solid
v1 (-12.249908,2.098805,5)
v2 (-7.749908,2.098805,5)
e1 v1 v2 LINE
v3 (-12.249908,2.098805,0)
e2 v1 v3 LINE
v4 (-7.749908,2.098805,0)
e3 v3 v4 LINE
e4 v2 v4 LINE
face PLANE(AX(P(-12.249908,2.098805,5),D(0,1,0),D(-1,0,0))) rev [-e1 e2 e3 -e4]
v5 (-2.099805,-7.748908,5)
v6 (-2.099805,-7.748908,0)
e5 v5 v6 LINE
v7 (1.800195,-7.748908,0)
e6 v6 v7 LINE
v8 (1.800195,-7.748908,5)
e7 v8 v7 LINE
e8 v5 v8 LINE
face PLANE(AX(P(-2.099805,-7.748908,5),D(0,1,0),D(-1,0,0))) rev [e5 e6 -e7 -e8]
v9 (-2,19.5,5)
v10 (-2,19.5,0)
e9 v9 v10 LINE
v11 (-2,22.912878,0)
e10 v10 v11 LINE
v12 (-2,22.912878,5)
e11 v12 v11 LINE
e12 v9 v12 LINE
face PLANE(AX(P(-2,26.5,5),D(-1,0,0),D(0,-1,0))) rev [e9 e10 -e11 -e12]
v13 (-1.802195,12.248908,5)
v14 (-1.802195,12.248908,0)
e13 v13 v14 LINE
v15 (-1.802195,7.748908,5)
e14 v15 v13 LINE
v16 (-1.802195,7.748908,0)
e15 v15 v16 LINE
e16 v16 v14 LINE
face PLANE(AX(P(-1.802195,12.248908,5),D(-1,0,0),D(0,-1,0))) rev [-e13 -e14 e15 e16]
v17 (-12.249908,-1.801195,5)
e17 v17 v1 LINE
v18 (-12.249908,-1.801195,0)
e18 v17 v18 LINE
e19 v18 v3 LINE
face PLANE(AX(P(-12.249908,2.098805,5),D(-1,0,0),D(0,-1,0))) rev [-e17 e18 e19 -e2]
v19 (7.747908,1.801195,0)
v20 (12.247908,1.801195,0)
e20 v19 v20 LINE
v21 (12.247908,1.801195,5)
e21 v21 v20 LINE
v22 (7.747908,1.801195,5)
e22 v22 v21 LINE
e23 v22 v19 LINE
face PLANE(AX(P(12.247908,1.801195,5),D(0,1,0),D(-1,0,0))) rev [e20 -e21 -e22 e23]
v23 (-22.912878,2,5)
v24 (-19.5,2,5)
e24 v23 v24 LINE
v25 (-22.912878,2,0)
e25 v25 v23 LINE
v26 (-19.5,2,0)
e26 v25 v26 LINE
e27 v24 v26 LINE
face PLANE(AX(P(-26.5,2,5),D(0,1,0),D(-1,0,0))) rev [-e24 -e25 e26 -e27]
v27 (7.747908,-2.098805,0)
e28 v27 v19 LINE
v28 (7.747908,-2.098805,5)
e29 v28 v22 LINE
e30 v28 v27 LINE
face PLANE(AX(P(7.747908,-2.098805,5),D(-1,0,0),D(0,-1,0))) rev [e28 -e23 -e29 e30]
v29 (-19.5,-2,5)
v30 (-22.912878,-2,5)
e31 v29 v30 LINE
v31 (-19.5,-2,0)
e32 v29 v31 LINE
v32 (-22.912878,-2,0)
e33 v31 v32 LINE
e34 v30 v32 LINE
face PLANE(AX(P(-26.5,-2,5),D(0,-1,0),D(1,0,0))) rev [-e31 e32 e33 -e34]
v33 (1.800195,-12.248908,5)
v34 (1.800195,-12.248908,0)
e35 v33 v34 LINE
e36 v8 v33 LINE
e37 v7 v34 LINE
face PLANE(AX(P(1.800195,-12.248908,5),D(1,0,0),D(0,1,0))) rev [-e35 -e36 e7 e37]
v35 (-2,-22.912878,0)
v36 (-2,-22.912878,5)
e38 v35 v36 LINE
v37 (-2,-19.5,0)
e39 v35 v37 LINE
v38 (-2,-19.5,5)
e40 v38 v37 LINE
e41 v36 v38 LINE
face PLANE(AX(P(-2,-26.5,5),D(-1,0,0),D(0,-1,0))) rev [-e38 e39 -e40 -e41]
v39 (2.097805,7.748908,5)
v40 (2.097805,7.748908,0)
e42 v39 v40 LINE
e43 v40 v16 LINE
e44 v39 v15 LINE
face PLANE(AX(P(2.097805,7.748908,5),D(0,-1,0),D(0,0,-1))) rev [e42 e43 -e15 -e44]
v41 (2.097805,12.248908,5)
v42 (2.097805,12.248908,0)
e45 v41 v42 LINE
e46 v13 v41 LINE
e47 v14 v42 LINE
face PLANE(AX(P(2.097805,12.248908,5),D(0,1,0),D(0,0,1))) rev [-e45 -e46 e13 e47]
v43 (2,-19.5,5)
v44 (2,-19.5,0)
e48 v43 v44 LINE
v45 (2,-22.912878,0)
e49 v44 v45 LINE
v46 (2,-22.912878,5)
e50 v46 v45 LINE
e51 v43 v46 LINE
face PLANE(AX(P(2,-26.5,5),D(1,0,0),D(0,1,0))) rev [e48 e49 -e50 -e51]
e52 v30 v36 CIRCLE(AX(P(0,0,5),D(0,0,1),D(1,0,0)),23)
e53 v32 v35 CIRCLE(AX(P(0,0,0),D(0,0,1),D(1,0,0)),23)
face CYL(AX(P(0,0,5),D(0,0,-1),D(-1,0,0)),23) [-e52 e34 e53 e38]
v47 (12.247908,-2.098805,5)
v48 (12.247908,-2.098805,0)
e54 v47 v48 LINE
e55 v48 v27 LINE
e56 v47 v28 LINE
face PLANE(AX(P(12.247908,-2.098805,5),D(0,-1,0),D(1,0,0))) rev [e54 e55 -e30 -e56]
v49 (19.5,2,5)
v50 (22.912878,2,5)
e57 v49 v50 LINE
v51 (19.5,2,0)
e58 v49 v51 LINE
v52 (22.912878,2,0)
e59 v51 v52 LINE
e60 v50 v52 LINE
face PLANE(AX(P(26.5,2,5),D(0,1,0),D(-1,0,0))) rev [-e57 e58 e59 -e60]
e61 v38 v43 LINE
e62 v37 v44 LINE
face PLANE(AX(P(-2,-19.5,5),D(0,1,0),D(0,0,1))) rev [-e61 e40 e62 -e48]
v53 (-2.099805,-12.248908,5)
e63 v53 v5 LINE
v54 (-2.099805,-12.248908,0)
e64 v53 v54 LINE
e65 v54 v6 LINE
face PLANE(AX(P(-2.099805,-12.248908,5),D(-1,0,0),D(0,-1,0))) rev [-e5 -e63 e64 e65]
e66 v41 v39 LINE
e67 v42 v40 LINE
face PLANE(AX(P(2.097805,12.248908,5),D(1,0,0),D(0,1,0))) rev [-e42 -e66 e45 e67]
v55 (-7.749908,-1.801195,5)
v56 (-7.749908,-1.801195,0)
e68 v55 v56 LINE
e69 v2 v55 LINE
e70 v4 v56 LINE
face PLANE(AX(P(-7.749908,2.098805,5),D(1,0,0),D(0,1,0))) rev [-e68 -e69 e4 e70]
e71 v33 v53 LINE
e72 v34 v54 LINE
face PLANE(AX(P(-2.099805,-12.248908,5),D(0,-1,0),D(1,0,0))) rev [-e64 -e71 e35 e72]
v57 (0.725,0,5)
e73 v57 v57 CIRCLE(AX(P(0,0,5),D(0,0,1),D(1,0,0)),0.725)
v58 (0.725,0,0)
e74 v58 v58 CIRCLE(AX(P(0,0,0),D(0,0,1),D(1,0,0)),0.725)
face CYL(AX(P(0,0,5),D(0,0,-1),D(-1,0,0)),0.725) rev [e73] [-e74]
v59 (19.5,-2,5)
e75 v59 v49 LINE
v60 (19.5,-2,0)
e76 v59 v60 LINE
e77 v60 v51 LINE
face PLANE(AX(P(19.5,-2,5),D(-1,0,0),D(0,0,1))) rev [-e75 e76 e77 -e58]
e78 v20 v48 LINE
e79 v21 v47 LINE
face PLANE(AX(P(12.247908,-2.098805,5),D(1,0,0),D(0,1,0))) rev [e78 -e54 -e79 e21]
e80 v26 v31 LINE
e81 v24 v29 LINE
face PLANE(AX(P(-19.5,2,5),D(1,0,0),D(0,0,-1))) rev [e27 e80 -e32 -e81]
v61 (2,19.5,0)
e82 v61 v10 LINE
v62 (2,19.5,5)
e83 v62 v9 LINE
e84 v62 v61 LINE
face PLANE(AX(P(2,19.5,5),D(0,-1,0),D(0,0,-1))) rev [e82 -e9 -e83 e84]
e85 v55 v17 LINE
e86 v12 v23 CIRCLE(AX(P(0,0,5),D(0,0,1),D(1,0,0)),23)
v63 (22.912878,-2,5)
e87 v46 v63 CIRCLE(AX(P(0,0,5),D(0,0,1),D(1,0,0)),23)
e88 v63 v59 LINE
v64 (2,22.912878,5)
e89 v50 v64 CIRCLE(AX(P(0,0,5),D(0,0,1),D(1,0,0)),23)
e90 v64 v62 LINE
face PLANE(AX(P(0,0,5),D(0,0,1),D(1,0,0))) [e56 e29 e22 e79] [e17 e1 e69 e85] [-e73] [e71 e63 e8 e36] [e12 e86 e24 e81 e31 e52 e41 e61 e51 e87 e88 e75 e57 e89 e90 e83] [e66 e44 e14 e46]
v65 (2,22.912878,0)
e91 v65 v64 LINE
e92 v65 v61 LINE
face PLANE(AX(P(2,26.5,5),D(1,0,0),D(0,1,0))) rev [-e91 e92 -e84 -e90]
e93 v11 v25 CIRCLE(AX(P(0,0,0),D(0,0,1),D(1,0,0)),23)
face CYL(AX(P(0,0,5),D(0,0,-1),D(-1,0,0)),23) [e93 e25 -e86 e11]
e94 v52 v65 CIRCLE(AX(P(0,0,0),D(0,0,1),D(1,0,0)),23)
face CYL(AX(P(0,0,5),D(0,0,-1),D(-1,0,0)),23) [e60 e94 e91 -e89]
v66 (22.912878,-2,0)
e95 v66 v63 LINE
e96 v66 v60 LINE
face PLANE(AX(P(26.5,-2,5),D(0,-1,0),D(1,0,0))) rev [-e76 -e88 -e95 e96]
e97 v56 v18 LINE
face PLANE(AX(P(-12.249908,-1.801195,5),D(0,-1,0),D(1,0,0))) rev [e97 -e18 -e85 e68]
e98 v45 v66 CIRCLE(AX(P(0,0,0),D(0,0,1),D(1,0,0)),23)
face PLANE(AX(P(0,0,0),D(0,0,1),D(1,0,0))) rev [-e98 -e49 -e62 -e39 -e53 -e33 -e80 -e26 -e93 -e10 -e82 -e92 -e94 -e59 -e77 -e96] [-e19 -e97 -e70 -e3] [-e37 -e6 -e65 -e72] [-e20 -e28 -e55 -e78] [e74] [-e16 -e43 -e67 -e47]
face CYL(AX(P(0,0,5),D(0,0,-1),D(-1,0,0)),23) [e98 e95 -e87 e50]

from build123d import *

# Parameters (mm, degrees)
SKETCH1_R           = 23
SKETCH1_R_2         = 0.725
BOSS_EXTRUDE1_DEPTH = 5
SKETCH2_W           = 4.5
SKETCH2_H           = 3.9
SKETCH2_W_2         = 3.9
SKETCH2_H_2         = 4.5
CUT_EXTRUDE1_DEPTH  = 6
SKETCH3_W           = 7
SKETCH3_H           = 4
SKETCH3_W_2         = 4
SKETCH3_H_2         = 7
CUT_EXTRUDE2_DEPTH  = 6


with BuildPart() as part:
    # Sketch1 → Boss-Extrude1 (new body)
    with BuildSketch(Plane.XY):
        Circle(SKETCH1_R)
        Circle(SKETCH1_R_2, mode=Mode.SUBTRACT)
    extrude(amount=BOSS_EXTRUDE1_DEPTH)

    # Sketch2 → Cut-Extrude1 (cut, through all)
    with BuildSketch(Plane(origin=(0, 0, 0), x_dir=(-1, 0, 0), z_dir=(0, 0, -1))):
        with Locations((9.999907629, 0.148804685)):
            Rectangle(SKETCH2_W, SKETCH2_H)
        with Locations((-0.147804685, 9.998907629)):
            Rectangle(SKETCH2_W_2, SKETCH2_H_2)
        with Locations((0.149804685, -9.998907629)):
            Rectangle(SKETCH2_W_2, SKETCH2_H_2)
        with Locations((-9.997907629, -0.148804685)):
            Rectangle(SKETCH2_W, SKETCH2_H)
    extrude(amount=-CUT_EXTRUDE1_DEPTH, mode=Mode.SUBTRACT)

    # Sketch3 → Cut-Extrude2 (cut, through all)
    with BuildSketch(Plane(origin=(0, 0, 0), x_dir=(-1, 0, 0), z_dir=(0, 0, -1))):
        with Locations((23, 0)):
            Rectangle(SKETCH3_W, SKETCH3_H)
        with Locations((0, 23)):
            Rectangle(SKETCH3_W_2, SKETCH3_H_2)
        with Locations((0, -23)):
            Rectangle(SKETCH3_W_2, SKETCH3_H_2)
        with Locations((-23, 0)):
            Rectangle(SKETCH3_W, SKETCH3_H)
    extrude(amount=-CUT_EXTRUDE2_DEPTH, mode=Mode.SUBTRACT)


solid = part.part
